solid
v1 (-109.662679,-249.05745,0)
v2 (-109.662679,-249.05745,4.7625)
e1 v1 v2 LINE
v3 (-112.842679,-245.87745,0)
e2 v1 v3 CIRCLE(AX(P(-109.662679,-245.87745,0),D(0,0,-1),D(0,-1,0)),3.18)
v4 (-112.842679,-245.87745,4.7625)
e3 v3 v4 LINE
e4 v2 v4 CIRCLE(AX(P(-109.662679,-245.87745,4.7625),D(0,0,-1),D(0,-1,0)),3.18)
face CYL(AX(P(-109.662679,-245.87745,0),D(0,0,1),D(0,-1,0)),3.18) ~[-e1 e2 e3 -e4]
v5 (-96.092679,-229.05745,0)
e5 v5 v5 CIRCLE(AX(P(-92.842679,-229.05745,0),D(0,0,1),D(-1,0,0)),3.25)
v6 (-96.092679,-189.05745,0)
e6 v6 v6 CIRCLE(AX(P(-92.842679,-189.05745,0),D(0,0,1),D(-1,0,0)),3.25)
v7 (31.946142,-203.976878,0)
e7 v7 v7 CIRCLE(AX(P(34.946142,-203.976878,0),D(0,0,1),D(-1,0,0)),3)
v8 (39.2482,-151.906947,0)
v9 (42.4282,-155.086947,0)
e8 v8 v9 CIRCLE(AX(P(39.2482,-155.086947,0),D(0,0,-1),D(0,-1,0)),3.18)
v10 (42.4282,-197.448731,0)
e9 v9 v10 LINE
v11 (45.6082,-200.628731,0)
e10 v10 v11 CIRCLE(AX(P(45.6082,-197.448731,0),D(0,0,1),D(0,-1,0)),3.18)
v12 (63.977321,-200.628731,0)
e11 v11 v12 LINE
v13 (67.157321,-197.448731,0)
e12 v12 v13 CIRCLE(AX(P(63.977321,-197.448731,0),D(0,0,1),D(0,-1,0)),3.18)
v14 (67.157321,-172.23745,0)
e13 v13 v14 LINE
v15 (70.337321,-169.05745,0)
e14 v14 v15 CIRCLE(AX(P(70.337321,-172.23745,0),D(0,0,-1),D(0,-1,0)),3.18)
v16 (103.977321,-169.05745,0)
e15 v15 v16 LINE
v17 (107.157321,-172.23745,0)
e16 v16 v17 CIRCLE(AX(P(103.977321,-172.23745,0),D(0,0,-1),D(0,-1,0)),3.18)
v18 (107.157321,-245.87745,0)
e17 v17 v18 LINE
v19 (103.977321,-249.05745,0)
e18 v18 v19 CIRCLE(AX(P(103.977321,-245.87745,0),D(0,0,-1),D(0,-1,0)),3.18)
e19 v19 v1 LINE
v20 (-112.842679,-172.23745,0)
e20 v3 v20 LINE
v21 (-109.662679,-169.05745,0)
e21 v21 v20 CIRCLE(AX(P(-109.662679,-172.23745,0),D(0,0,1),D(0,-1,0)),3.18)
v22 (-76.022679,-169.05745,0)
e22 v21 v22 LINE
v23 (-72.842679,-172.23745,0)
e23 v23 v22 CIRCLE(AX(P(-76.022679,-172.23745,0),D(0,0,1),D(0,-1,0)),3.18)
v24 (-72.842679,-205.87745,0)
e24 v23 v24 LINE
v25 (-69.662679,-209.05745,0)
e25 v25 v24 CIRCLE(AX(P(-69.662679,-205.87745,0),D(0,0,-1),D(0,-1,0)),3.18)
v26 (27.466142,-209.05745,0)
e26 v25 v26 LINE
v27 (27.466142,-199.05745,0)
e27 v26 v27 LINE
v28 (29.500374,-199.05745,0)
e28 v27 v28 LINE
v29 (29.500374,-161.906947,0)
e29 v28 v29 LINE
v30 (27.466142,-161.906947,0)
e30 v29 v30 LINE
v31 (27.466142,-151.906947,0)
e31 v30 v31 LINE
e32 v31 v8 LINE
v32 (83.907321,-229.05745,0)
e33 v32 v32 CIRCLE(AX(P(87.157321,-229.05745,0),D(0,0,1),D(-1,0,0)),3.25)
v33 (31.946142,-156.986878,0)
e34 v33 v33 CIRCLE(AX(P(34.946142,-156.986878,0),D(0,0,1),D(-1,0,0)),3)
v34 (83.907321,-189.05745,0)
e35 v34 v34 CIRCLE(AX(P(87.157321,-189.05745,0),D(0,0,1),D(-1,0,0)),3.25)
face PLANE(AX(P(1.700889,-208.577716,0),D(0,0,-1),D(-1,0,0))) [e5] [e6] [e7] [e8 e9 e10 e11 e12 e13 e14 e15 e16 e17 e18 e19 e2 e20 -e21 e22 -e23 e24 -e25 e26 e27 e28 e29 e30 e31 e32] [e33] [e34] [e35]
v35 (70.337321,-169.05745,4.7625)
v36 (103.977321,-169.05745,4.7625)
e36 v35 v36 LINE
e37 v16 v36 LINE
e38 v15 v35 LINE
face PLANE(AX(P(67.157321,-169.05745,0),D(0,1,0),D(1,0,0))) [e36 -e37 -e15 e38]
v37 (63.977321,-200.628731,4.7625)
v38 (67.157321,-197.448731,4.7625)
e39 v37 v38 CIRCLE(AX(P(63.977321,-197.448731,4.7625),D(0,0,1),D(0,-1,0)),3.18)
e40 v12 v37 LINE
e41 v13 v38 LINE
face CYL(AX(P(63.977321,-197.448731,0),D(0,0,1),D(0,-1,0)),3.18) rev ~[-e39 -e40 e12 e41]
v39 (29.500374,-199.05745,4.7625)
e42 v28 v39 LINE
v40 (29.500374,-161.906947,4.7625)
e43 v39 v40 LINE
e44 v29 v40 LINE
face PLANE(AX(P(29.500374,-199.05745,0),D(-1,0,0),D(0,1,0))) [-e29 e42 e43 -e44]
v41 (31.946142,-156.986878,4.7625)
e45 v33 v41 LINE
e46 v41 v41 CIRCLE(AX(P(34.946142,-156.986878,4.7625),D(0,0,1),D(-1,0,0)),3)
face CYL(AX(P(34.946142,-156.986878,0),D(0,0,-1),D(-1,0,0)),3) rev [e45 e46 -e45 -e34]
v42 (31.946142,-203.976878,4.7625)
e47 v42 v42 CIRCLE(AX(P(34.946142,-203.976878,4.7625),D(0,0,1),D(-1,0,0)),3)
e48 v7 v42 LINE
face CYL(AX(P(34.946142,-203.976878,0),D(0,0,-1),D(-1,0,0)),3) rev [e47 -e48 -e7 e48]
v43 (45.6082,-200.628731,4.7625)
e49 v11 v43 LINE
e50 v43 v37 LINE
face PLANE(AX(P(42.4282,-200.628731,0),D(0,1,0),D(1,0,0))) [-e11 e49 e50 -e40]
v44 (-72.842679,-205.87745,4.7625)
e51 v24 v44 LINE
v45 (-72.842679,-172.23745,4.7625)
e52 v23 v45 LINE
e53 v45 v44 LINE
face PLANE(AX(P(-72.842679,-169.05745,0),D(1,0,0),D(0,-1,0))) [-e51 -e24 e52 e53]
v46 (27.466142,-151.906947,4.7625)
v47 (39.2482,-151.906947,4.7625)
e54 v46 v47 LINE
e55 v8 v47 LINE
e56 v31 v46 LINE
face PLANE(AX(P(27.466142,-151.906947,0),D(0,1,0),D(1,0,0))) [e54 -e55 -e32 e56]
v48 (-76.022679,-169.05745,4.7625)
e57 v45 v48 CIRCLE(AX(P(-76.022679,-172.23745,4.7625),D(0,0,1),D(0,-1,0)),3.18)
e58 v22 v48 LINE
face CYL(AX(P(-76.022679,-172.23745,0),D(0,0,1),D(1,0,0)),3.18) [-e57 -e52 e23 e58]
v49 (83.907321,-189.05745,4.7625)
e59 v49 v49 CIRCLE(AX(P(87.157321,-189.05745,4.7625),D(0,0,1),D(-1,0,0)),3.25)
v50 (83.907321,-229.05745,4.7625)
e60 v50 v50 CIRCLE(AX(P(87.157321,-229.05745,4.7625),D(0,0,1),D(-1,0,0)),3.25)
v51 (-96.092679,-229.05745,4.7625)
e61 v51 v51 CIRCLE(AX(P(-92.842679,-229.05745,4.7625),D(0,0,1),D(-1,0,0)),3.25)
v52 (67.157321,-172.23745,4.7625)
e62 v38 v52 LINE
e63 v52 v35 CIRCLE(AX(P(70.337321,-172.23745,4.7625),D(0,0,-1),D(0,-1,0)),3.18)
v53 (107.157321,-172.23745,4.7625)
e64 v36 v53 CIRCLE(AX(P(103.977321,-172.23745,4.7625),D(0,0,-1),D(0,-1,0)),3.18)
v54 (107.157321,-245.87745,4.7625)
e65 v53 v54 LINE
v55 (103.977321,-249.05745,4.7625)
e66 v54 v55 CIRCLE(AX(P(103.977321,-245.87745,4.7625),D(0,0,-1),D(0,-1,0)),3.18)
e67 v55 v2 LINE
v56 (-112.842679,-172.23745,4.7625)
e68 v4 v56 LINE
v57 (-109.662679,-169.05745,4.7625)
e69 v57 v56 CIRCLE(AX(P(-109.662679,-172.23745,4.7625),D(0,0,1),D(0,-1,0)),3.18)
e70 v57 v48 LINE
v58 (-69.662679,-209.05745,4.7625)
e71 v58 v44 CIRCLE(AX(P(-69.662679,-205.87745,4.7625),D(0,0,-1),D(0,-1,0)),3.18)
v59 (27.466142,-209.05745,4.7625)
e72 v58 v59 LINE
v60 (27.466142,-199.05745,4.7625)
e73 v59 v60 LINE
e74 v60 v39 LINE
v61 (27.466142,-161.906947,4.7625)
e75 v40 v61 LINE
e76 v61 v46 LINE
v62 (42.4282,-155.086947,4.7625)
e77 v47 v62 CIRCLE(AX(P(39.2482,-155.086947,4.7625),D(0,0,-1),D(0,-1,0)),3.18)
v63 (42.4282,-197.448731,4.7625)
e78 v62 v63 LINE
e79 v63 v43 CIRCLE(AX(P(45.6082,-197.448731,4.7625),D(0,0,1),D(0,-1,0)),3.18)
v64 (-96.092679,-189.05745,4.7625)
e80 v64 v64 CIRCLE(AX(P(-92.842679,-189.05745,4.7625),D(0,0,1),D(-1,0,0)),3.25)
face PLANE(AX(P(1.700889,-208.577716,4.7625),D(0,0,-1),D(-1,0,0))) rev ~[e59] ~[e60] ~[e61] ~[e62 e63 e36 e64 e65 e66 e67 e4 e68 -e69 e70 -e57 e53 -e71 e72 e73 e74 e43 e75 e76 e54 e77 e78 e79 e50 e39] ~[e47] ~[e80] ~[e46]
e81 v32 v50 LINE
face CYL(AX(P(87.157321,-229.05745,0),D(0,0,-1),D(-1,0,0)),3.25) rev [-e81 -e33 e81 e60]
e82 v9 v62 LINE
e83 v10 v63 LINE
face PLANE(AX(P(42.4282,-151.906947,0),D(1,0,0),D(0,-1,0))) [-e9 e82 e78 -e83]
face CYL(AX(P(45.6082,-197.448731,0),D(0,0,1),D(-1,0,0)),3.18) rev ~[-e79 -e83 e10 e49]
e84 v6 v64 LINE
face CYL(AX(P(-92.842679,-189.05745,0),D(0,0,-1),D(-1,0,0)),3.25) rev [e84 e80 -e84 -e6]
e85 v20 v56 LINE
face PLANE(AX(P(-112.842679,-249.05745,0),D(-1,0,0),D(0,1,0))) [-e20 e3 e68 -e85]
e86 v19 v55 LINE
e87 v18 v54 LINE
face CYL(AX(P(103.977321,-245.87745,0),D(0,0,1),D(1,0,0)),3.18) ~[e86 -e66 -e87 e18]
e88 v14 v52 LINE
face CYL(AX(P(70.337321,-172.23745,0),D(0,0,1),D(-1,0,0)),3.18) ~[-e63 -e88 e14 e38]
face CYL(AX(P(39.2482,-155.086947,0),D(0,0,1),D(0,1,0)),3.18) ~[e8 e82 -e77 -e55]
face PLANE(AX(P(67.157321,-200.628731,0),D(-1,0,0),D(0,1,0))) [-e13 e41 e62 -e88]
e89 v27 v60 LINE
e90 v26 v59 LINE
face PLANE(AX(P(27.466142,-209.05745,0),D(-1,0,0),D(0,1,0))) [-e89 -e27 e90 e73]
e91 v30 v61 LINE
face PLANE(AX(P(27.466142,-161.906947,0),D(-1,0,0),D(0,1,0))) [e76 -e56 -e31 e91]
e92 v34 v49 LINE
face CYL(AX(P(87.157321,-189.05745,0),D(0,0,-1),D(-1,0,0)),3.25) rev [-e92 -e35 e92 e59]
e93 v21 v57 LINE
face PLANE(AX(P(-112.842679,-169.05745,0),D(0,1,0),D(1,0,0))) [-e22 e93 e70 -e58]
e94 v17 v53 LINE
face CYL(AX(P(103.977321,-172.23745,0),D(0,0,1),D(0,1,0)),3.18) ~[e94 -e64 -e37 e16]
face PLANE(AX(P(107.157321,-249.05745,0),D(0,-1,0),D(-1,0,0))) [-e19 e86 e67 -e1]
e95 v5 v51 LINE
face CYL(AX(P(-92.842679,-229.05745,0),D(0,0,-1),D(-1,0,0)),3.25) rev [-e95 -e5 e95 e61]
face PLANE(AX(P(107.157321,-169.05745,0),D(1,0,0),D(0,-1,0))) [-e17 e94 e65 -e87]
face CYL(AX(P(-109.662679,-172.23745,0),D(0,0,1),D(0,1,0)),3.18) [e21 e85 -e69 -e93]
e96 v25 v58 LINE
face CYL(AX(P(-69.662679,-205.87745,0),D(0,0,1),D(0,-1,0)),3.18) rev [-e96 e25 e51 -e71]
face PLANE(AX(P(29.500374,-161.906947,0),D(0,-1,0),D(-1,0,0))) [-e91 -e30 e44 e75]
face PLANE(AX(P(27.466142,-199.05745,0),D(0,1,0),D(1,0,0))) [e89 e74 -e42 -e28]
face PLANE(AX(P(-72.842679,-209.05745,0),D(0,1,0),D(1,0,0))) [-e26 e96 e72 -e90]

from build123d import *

# Parameters (mm, degrees)
SKETCH1_R           = 3.25
SKETCH1_R_2         = 3
BOSS_EXTRUDE1_DEPTH = 4.7625
FILLET3_R           = 3.18


with BuildPart() as part:
    # Sketch1 → Boss-Extrude1 (new body)
    with BuildSketch(Plane.XY):
        Polygon((27.466141976, -161.906947321), (27.466141976, -151.906947321), (42.428200405, -151.906947321), (42.428200405, -200.628730702), (67.157321136, -200.628730702), (67.157321136, -169.057449544), (107.157321136, -169.057449544), (107.157321136, -249.057449544), (-112.842678864, -249.057449544), (-112.842678864, -169.057449544), (-72.842678864, -169.057449544), (-72.842678864, -209.057449544), (27.466141976, -209.057449544), (27.466141976, -199.057449544), (29.50037366, -199.057449544), (29.50037366, -161.906947321), align=None)
        with Locations(Location((-92.842678864, -189.057449544, 0), (0, 0, 180))):
            Circle(SKETCH1_R, mode=Mode.SUBTRACT)
        with Locations(Location((87.157321136, -189.057449544, 0), (0, 0, 180))):
            Circle(SKETCH1_R, mode=Mode.SUBTRACT)
        with Locations(Location((87.157321136, -229.057449544, 0), (0, 0, 180))):
            Circle(SKETCH1_R, mode=Mode.SUBTRACT)
        with Locations(Location((-92.842678864, -229.057449544, 0), (0, 0, 180))):
            Circle(SKETCH1_R, mode=Mode.SUBTRACT)
        with Locations(Location((34.946141976, -203.976877703, 0), (0, 0, 180))):
            Circle(SKETCH1_R_2, mode=Mode.SUBTRACT)
        with Locations(Location((34.946141976, -156.986877707, 0), (0, 0, 180))):
            Circle(SKETCH1_R_2, mode=Mode.SUBTRACT)
    extrude(amount=BOSS_EXTRUDE1_DEPTH)

    # Fillet3
    fillet3_edges = [part.edges().sort_by_distance(p)[0] for p in [
        (-112.842678864, -169.057449544, 2.38125),
        (-72.842678864, -169.057449544, 2.38125),
        (-72.842678864, -209.057449544, 2.38125),
        (42.428200405, -151.906947321, 2.38125),
        (42.428200405, -200.628730702, 2.38125),
        (67.157321136, -200.628730702, 2.38125),
        (67.157321136, -169.057449544, 2.38125),
        (107.157321136, -169.057449544, 2.38125),
        (107.157321136, -249.057449544, 2.38125),
        (-112.842678864, -249.057449544, 2.38125),
    ]]
    fillet(fillet3_edges, radius=FILLET3_R)


solid = part.part
